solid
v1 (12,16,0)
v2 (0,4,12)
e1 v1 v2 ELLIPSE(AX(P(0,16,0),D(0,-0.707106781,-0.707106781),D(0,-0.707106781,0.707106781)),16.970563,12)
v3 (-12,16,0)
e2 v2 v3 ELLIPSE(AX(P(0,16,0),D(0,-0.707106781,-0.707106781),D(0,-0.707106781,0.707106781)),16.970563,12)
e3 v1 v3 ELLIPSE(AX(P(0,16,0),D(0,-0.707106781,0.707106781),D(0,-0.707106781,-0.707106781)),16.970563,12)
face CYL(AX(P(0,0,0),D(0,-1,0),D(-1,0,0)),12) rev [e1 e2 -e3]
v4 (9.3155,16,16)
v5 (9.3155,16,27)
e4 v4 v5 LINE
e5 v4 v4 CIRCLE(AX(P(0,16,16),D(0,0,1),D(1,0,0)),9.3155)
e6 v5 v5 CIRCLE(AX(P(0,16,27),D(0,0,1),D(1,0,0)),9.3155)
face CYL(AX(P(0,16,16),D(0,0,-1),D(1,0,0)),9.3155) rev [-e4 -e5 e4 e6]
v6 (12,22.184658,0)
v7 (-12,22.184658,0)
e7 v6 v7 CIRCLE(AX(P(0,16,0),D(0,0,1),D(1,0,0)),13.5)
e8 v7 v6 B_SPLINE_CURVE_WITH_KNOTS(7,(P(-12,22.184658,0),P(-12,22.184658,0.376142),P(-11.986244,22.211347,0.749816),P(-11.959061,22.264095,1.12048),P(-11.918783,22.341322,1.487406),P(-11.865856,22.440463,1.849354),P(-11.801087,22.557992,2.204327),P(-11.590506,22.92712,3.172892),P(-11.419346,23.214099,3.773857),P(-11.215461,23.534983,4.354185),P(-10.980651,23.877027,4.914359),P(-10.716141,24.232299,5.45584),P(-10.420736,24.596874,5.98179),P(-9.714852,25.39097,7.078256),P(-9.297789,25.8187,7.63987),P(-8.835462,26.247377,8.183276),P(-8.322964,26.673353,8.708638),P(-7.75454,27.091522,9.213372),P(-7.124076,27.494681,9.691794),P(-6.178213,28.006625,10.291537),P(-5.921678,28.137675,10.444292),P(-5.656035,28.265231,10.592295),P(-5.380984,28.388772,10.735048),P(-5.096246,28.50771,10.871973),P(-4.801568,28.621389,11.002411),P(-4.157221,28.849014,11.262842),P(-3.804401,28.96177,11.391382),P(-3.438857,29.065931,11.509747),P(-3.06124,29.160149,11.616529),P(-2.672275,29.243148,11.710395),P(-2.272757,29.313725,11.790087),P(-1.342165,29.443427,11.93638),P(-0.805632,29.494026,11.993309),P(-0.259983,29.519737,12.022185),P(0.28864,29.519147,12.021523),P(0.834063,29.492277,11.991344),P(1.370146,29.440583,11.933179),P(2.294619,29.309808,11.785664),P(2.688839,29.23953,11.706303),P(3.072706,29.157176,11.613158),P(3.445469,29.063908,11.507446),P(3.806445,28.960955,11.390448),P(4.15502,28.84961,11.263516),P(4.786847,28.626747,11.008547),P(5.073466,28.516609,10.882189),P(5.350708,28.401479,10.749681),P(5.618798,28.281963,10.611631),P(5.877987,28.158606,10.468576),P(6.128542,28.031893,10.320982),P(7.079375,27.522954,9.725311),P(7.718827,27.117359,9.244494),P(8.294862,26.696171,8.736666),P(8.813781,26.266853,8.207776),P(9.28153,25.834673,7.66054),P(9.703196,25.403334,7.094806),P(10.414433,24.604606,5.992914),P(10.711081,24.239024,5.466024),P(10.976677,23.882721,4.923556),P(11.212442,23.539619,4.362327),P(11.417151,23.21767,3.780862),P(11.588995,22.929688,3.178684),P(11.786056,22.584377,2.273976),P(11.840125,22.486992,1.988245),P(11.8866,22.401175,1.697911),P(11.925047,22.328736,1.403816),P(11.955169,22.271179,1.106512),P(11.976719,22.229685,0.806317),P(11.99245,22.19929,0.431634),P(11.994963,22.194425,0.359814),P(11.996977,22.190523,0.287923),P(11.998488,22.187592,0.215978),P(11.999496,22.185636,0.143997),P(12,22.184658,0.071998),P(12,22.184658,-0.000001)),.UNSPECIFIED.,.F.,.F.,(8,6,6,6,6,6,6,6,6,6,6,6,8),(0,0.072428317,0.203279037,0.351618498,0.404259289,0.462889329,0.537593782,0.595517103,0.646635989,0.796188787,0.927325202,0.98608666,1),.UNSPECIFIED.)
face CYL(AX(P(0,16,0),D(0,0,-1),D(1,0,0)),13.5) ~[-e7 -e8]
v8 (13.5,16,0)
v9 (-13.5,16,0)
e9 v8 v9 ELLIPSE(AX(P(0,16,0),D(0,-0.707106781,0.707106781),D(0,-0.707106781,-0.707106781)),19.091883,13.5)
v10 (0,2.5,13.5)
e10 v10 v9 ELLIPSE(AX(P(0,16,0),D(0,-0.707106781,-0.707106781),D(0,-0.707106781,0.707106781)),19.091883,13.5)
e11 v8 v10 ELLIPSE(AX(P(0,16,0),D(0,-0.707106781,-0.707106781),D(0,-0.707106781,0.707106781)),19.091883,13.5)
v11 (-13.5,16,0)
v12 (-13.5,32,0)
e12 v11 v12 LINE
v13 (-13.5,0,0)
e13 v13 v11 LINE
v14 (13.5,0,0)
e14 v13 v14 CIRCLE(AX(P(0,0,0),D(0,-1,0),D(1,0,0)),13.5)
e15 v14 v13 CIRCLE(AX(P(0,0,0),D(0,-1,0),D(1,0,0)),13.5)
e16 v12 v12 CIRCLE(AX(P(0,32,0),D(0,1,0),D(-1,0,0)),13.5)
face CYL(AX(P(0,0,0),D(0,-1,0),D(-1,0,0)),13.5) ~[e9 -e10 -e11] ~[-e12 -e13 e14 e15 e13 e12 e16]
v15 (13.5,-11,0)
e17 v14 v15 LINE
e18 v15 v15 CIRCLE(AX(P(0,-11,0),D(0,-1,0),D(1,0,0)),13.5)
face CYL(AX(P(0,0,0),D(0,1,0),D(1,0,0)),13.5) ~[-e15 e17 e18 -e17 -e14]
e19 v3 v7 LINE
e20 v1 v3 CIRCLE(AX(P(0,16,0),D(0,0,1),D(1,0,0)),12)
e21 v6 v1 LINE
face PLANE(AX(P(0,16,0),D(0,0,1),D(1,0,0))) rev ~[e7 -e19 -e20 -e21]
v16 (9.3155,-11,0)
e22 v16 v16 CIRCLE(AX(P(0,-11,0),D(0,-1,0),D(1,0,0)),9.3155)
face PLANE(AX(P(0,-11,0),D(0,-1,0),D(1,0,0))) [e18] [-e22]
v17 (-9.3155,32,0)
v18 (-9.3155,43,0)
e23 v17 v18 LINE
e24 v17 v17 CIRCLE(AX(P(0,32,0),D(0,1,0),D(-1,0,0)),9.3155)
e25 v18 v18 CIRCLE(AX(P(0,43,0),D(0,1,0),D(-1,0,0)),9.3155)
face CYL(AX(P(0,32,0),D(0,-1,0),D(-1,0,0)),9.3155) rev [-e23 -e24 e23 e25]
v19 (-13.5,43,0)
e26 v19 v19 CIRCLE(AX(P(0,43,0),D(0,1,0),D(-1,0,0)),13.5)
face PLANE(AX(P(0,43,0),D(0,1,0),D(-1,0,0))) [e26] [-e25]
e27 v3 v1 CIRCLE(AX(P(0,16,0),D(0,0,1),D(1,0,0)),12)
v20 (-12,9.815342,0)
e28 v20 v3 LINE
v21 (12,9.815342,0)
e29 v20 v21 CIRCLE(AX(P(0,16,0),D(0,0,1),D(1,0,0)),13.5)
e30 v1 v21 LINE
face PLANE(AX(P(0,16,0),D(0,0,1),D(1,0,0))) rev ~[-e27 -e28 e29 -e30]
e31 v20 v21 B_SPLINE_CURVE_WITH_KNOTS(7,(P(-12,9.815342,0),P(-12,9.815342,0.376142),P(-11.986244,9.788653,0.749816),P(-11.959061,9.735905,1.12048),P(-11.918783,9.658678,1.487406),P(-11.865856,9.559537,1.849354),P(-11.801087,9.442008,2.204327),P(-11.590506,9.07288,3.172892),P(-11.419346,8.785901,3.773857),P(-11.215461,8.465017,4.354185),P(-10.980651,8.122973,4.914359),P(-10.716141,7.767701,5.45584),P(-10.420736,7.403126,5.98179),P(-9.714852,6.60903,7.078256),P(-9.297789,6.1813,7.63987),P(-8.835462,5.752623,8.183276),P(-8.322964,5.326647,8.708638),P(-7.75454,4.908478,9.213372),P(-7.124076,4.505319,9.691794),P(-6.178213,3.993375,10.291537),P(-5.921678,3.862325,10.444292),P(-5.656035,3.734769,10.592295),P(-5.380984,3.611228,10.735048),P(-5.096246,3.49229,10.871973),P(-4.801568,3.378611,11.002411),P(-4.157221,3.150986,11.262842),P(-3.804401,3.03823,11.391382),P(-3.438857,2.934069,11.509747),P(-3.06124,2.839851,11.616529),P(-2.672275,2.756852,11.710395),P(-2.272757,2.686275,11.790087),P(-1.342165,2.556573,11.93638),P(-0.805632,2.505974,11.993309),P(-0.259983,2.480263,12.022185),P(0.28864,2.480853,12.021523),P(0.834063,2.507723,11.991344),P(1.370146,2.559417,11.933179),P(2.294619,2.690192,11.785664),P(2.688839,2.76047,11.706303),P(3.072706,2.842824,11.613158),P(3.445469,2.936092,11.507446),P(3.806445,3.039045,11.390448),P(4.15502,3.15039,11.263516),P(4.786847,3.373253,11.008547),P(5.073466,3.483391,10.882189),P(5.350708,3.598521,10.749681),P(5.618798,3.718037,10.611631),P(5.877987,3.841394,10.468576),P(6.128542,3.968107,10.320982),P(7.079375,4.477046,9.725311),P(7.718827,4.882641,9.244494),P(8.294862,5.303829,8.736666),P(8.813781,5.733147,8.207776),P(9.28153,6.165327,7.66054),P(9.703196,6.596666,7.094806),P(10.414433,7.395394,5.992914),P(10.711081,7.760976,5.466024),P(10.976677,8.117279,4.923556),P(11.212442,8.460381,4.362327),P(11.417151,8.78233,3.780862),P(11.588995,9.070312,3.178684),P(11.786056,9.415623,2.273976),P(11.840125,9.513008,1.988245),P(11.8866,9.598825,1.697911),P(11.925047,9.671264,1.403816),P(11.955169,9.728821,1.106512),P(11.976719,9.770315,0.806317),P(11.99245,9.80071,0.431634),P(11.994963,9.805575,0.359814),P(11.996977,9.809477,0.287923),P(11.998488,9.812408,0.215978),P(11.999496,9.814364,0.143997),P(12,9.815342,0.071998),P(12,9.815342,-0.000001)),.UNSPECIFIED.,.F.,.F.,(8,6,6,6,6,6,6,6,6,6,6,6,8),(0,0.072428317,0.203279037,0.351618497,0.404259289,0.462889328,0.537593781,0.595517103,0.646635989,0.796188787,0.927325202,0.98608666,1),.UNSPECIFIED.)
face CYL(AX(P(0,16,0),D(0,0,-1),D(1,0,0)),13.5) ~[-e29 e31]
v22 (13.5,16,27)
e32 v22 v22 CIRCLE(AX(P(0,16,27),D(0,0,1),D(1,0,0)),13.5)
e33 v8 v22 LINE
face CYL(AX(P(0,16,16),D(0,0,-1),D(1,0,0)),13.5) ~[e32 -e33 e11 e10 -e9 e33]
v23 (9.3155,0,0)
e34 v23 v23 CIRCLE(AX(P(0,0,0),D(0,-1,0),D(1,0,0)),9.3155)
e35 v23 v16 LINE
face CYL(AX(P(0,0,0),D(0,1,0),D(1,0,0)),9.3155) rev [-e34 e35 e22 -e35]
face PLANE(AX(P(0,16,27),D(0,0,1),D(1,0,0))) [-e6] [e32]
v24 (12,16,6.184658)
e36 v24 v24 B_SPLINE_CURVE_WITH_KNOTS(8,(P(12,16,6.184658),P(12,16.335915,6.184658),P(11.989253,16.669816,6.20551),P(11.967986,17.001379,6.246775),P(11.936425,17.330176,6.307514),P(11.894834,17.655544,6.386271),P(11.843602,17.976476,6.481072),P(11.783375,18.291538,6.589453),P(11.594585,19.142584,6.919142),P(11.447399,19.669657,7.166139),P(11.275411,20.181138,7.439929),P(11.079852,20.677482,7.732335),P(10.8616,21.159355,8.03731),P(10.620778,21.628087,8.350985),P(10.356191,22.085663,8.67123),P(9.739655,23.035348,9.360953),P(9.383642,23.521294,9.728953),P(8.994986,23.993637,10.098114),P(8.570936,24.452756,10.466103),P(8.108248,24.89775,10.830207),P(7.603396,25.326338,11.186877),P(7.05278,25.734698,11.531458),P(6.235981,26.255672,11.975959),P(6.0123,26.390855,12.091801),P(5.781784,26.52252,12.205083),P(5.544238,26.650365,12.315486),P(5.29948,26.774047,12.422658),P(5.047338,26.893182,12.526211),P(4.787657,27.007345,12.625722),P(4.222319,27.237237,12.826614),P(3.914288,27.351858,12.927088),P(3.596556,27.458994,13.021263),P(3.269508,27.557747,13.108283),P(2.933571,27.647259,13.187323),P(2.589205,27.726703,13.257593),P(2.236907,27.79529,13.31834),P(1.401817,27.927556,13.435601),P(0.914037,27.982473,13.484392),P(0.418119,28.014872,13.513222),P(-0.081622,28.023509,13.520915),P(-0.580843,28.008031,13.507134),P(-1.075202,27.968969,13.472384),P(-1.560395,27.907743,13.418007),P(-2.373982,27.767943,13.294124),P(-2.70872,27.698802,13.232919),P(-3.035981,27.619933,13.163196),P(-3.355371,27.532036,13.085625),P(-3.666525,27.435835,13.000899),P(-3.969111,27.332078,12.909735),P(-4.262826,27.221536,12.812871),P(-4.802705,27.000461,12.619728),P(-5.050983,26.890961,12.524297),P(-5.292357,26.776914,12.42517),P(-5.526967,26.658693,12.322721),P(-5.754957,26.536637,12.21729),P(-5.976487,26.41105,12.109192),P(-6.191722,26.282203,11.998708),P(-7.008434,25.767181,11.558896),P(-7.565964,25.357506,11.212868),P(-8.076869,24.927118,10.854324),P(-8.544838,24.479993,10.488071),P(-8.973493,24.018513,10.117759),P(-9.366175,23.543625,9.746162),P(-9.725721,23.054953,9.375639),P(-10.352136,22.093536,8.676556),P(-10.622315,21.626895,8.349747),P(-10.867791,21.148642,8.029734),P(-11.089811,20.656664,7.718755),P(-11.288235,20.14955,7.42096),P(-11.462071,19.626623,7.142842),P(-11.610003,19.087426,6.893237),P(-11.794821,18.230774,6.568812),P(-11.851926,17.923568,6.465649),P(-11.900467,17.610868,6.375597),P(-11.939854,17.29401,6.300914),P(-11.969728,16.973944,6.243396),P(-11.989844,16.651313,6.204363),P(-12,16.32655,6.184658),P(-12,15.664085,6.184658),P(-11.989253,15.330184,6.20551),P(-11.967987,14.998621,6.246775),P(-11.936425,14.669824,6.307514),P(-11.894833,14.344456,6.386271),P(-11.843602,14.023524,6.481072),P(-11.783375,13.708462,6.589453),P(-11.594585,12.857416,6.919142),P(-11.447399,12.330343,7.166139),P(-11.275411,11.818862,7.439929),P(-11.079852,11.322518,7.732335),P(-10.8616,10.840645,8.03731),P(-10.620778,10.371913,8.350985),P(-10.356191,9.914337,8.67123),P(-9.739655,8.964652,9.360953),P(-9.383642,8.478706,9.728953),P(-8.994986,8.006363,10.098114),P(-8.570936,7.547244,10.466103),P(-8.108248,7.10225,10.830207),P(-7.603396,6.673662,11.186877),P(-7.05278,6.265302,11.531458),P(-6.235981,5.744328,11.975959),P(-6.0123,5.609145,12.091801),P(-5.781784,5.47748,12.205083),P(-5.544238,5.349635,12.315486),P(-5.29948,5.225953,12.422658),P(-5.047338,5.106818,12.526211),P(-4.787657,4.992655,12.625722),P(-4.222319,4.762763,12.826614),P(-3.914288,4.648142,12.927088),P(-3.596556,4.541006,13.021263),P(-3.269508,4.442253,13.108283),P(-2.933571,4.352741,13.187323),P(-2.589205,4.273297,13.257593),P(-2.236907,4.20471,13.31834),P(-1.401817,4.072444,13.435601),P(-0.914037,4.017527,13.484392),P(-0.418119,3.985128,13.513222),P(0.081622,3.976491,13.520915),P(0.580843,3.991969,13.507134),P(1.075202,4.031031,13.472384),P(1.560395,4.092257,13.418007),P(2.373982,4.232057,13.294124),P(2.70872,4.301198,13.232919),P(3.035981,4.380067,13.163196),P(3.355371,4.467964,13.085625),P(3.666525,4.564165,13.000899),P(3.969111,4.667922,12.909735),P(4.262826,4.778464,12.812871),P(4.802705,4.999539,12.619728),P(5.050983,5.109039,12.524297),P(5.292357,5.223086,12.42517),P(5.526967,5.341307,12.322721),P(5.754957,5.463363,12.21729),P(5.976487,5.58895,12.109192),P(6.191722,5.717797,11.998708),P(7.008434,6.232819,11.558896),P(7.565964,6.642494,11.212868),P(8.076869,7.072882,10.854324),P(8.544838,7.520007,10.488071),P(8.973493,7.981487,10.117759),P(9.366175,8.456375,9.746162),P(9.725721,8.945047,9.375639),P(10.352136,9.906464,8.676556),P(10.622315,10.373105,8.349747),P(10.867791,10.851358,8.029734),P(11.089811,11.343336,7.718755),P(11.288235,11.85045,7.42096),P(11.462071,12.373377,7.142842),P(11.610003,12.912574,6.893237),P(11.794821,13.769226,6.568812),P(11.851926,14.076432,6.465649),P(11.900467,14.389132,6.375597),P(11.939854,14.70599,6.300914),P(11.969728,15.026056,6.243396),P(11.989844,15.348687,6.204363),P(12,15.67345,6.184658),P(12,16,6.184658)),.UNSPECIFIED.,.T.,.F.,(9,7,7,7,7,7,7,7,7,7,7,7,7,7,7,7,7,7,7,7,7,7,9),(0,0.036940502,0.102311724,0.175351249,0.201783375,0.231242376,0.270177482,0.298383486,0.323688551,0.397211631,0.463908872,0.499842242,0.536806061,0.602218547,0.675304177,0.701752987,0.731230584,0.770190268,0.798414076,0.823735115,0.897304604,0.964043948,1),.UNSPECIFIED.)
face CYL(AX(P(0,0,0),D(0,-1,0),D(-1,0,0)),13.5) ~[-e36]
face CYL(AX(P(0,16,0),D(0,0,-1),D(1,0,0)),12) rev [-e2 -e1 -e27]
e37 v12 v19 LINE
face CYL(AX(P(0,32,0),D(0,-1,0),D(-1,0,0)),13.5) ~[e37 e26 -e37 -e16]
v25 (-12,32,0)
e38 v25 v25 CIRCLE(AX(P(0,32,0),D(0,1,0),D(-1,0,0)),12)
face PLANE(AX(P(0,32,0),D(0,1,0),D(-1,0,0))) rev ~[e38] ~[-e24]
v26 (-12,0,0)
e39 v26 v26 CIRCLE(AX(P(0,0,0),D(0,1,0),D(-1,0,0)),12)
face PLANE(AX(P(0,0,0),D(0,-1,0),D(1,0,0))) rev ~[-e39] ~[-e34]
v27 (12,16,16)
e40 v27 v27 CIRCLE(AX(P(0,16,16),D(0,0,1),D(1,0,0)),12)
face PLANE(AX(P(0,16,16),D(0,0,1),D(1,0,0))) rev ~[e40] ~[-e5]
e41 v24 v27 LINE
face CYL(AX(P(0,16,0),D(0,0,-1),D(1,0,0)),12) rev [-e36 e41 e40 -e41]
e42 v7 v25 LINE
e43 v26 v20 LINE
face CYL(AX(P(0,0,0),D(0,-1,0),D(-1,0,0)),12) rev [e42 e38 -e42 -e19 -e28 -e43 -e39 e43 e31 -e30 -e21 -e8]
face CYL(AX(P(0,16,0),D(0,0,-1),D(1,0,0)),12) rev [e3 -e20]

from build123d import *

# Parameters (mm, degrees)
F0_R     = 13.5
F0_R_2   = 9.3155
F1_DEPTH = 11
F2_R     = 13.5
F2_R_2   = 12
F3_DEPTH = 32
F4_R     = 13.5
F4_R_2   = 9.3155
F5_DEPTH = 11
F6_R     = 13.5
F6_R_2   = 12
F7_DEPTH = 16
F8_R     = 13.5
F8_R_2   = 9.3155
F9_DEPTH = 11


with BuildPart() as f1:
    # F0 (on Front) → F1 (new body)
    with BuildSketch(Plane.XZ):
        Circle(F0_R)
        Circle(F0_R_2, mode=Mode.SUBTRACT)
    extrude(amount=F1_DEPTH)

    # F2 (on face) → F3 (join)
    with BuildSketch(Plane(origin=(0, 0, 0), x_dir=(-1, 0, 0), z_dir=(0, 1, 0))):
        Circle(F2_R)
        Circle(F2_R_2, mode=Mode.SUBTRACT)
    extrude(amount=F3_DEPTH)

    # F4 (on face) → F5 (join)
    with BuildSketch(Plane(origin=(0, 32, 0), x_dir=(-1, 0, 0), z_dir=(0, 1, 0))):
        Circle(F4_R)
        Circle(F4_R_2, mode=Mode.SUBTRACT)
    extrude(amount=F5_DEPTH)

    # F6 (on Top) → F7 (join)
    with BuildSketch(Plane.XY):
        with Locations((0, 16)):
            Circle(F6_R)
        with Locations((0, 16)):
            Circle(F6_R_2, mode=Mode.SUBTRACT)
    extrude(amount=F7_DEPTH)

    # F8 (on face) → F9 (join)
    with BuildSketch(Plane.XY.offset(16)):
        with Locations((0, 16)):
            Circle(F8_R)
        with Locations((0, 16)):
            Circle(F8_R_2, mode=Mode.SUBTRACT)
    extrude(amount=F9_DEPTH)


solid = f1.part
